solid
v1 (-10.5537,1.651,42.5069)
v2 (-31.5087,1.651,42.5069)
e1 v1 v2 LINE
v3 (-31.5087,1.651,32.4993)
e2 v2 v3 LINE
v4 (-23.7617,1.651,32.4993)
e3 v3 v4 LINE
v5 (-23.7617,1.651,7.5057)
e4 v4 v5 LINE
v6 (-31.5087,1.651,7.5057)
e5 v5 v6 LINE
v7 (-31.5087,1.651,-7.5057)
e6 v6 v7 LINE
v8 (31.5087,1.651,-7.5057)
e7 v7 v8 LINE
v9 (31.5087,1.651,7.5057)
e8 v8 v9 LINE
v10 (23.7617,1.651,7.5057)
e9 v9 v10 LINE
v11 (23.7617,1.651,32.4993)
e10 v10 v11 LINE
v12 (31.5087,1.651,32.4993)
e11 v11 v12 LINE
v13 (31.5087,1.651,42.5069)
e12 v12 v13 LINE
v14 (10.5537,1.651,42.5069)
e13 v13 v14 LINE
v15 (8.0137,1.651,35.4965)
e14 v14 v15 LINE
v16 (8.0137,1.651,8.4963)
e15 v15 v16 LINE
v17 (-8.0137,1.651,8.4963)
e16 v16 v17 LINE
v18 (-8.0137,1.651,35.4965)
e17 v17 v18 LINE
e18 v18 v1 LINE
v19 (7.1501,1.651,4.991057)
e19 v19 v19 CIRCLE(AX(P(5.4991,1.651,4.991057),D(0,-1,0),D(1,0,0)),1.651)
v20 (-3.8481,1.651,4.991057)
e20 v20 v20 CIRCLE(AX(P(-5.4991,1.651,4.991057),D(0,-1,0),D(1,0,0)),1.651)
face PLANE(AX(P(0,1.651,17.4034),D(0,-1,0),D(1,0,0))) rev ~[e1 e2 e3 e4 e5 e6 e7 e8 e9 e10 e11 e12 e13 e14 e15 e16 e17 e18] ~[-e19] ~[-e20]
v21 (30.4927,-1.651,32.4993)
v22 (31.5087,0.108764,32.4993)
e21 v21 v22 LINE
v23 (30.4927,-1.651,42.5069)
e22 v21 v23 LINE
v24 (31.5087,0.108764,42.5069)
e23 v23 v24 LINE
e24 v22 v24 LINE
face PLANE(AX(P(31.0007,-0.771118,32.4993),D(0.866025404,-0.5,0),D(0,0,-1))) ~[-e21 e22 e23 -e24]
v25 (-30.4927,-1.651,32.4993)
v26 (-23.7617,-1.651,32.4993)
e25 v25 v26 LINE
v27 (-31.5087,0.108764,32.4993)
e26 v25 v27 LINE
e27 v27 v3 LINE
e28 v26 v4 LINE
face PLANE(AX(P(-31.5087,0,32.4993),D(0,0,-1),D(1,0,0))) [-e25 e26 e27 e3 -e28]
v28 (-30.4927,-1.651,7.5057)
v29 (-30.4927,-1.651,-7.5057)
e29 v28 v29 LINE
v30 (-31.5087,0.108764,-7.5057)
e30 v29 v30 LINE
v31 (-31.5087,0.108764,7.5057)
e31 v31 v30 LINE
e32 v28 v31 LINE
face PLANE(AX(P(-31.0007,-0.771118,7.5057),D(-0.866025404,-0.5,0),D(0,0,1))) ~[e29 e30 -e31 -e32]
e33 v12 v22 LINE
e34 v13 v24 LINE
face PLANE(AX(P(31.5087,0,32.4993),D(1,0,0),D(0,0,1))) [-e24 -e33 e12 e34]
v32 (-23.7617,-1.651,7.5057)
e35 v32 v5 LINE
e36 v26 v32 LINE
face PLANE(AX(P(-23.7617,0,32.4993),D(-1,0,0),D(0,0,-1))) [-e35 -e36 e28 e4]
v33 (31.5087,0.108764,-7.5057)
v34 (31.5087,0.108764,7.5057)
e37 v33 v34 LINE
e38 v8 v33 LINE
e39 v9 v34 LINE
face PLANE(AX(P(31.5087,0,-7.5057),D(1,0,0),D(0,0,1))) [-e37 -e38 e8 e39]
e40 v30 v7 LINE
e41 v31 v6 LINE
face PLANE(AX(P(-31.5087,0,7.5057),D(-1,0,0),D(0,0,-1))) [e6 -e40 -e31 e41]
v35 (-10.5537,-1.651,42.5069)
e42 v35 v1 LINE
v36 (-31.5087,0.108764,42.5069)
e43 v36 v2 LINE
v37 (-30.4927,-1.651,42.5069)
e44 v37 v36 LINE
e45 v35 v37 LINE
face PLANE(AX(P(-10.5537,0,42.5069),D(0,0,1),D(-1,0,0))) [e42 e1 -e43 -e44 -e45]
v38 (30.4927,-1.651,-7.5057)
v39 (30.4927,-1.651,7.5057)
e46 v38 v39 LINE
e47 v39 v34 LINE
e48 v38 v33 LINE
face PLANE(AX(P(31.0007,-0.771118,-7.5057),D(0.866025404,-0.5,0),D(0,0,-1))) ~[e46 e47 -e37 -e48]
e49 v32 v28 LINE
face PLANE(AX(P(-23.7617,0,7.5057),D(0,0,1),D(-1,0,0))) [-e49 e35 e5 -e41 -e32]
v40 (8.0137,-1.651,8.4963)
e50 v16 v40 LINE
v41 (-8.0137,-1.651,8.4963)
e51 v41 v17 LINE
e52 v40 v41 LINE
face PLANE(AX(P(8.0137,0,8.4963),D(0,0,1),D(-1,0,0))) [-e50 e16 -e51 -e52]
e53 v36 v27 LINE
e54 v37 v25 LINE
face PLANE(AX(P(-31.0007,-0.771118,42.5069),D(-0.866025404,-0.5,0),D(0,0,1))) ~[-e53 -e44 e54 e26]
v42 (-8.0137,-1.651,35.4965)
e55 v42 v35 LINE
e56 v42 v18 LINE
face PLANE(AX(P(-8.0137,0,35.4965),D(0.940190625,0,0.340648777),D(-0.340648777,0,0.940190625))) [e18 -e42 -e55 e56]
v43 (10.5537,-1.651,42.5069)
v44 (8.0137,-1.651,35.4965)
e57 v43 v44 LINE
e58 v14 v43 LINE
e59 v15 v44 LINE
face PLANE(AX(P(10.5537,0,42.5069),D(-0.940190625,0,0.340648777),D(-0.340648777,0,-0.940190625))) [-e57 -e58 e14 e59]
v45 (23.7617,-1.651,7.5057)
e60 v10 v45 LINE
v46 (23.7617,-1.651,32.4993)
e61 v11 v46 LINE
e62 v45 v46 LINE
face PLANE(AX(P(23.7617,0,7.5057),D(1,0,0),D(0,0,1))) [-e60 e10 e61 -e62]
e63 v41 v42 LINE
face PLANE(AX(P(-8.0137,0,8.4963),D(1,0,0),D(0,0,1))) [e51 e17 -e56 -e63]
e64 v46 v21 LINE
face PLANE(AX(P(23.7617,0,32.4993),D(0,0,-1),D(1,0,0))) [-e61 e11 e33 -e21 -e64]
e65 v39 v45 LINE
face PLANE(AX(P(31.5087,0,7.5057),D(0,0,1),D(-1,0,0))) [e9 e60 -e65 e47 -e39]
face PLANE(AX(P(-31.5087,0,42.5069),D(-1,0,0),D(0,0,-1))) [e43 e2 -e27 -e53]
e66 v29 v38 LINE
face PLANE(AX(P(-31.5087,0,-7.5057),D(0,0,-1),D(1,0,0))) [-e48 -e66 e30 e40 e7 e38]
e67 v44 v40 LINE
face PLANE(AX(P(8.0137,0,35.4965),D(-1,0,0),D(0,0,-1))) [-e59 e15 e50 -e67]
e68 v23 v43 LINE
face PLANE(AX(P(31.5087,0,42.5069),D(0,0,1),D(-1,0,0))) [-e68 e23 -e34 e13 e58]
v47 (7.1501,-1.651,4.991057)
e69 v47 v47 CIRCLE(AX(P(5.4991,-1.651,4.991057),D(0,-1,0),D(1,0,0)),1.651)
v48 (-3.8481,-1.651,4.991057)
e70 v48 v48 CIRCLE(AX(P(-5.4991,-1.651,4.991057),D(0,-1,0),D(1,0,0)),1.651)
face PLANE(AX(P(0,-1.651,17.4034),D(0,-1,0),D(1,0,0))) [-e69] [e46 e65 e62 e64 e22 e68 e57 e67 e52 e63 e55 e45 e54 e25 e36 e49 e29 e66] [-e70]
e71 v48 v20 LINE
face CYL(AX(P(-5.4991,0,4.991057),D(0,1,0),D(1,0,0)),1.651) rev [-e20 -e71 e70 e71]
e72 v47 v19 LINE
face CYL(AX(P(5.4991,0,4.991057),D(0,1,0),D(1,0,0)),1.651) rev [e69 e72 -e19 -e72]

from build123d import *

# Parameters (mm, degrees)
F0_R     = 1.651
F1_DEPTH = 1.651
F2_SIZE2 = 1.7597636205
F2_SIZE  = 1.016


with BuildPart() as f1:
    # F0 (on Front) → F1 (new body, symmetric)
    with BuildSketch(Plane.XZ):
        Polygon((-31.5087, -7.5057), (31.5087, -7.5057), (31.5087, 7.5057), (23.7617, 7.5057), (23.7617, 32.4993), (31.5087, 32.4993), (31.5087, 42.5069), (23.7617, 42.5069), (10.5537, 42.5069), (8.0137, 35.4965), (8.0137, 8.4963), (0, 8.4963), (-8.0137, 8.4963), (-8.0137, 35.4965), (-10.5537, 42.5069), (-23.7617, 42.5069), (-31.5087, 42.5069), (-31.5087, 32.4993), (-23.7617, 32.4993), (-23.7617, 7.5057), (-31.5087, 7.5057), align=None)
        with Locations((-5.4991, 4.9910574029)):
            Circle(F0_R, mode=Mode.SUBTRACT)
        with Locations((5.4991, 4.9910574029)):
            Circle(F0_R, mode=Mode.SUBTRACT)
    extrude(amount=F1_DEPTH, both=True)

    # F2
    f2_edges = [f1.edges().sort_by_distance(p)[0] for p in [
        (31.5087, -1.651, 0),
        (31.5087, -1.651, 37.5031),
        (-31.5087, -1.651, 0),
        (-31.5087, -1.651, 37.5031),
    ]]
    f2_side = f1.faces().sort_by_distance((0, -1.651, -6.701184))[0]
    chamfer(f2_edges, length=F2_SIZE, length2=F2_SIZE2, reference=f2_side)


solid = f1.part
